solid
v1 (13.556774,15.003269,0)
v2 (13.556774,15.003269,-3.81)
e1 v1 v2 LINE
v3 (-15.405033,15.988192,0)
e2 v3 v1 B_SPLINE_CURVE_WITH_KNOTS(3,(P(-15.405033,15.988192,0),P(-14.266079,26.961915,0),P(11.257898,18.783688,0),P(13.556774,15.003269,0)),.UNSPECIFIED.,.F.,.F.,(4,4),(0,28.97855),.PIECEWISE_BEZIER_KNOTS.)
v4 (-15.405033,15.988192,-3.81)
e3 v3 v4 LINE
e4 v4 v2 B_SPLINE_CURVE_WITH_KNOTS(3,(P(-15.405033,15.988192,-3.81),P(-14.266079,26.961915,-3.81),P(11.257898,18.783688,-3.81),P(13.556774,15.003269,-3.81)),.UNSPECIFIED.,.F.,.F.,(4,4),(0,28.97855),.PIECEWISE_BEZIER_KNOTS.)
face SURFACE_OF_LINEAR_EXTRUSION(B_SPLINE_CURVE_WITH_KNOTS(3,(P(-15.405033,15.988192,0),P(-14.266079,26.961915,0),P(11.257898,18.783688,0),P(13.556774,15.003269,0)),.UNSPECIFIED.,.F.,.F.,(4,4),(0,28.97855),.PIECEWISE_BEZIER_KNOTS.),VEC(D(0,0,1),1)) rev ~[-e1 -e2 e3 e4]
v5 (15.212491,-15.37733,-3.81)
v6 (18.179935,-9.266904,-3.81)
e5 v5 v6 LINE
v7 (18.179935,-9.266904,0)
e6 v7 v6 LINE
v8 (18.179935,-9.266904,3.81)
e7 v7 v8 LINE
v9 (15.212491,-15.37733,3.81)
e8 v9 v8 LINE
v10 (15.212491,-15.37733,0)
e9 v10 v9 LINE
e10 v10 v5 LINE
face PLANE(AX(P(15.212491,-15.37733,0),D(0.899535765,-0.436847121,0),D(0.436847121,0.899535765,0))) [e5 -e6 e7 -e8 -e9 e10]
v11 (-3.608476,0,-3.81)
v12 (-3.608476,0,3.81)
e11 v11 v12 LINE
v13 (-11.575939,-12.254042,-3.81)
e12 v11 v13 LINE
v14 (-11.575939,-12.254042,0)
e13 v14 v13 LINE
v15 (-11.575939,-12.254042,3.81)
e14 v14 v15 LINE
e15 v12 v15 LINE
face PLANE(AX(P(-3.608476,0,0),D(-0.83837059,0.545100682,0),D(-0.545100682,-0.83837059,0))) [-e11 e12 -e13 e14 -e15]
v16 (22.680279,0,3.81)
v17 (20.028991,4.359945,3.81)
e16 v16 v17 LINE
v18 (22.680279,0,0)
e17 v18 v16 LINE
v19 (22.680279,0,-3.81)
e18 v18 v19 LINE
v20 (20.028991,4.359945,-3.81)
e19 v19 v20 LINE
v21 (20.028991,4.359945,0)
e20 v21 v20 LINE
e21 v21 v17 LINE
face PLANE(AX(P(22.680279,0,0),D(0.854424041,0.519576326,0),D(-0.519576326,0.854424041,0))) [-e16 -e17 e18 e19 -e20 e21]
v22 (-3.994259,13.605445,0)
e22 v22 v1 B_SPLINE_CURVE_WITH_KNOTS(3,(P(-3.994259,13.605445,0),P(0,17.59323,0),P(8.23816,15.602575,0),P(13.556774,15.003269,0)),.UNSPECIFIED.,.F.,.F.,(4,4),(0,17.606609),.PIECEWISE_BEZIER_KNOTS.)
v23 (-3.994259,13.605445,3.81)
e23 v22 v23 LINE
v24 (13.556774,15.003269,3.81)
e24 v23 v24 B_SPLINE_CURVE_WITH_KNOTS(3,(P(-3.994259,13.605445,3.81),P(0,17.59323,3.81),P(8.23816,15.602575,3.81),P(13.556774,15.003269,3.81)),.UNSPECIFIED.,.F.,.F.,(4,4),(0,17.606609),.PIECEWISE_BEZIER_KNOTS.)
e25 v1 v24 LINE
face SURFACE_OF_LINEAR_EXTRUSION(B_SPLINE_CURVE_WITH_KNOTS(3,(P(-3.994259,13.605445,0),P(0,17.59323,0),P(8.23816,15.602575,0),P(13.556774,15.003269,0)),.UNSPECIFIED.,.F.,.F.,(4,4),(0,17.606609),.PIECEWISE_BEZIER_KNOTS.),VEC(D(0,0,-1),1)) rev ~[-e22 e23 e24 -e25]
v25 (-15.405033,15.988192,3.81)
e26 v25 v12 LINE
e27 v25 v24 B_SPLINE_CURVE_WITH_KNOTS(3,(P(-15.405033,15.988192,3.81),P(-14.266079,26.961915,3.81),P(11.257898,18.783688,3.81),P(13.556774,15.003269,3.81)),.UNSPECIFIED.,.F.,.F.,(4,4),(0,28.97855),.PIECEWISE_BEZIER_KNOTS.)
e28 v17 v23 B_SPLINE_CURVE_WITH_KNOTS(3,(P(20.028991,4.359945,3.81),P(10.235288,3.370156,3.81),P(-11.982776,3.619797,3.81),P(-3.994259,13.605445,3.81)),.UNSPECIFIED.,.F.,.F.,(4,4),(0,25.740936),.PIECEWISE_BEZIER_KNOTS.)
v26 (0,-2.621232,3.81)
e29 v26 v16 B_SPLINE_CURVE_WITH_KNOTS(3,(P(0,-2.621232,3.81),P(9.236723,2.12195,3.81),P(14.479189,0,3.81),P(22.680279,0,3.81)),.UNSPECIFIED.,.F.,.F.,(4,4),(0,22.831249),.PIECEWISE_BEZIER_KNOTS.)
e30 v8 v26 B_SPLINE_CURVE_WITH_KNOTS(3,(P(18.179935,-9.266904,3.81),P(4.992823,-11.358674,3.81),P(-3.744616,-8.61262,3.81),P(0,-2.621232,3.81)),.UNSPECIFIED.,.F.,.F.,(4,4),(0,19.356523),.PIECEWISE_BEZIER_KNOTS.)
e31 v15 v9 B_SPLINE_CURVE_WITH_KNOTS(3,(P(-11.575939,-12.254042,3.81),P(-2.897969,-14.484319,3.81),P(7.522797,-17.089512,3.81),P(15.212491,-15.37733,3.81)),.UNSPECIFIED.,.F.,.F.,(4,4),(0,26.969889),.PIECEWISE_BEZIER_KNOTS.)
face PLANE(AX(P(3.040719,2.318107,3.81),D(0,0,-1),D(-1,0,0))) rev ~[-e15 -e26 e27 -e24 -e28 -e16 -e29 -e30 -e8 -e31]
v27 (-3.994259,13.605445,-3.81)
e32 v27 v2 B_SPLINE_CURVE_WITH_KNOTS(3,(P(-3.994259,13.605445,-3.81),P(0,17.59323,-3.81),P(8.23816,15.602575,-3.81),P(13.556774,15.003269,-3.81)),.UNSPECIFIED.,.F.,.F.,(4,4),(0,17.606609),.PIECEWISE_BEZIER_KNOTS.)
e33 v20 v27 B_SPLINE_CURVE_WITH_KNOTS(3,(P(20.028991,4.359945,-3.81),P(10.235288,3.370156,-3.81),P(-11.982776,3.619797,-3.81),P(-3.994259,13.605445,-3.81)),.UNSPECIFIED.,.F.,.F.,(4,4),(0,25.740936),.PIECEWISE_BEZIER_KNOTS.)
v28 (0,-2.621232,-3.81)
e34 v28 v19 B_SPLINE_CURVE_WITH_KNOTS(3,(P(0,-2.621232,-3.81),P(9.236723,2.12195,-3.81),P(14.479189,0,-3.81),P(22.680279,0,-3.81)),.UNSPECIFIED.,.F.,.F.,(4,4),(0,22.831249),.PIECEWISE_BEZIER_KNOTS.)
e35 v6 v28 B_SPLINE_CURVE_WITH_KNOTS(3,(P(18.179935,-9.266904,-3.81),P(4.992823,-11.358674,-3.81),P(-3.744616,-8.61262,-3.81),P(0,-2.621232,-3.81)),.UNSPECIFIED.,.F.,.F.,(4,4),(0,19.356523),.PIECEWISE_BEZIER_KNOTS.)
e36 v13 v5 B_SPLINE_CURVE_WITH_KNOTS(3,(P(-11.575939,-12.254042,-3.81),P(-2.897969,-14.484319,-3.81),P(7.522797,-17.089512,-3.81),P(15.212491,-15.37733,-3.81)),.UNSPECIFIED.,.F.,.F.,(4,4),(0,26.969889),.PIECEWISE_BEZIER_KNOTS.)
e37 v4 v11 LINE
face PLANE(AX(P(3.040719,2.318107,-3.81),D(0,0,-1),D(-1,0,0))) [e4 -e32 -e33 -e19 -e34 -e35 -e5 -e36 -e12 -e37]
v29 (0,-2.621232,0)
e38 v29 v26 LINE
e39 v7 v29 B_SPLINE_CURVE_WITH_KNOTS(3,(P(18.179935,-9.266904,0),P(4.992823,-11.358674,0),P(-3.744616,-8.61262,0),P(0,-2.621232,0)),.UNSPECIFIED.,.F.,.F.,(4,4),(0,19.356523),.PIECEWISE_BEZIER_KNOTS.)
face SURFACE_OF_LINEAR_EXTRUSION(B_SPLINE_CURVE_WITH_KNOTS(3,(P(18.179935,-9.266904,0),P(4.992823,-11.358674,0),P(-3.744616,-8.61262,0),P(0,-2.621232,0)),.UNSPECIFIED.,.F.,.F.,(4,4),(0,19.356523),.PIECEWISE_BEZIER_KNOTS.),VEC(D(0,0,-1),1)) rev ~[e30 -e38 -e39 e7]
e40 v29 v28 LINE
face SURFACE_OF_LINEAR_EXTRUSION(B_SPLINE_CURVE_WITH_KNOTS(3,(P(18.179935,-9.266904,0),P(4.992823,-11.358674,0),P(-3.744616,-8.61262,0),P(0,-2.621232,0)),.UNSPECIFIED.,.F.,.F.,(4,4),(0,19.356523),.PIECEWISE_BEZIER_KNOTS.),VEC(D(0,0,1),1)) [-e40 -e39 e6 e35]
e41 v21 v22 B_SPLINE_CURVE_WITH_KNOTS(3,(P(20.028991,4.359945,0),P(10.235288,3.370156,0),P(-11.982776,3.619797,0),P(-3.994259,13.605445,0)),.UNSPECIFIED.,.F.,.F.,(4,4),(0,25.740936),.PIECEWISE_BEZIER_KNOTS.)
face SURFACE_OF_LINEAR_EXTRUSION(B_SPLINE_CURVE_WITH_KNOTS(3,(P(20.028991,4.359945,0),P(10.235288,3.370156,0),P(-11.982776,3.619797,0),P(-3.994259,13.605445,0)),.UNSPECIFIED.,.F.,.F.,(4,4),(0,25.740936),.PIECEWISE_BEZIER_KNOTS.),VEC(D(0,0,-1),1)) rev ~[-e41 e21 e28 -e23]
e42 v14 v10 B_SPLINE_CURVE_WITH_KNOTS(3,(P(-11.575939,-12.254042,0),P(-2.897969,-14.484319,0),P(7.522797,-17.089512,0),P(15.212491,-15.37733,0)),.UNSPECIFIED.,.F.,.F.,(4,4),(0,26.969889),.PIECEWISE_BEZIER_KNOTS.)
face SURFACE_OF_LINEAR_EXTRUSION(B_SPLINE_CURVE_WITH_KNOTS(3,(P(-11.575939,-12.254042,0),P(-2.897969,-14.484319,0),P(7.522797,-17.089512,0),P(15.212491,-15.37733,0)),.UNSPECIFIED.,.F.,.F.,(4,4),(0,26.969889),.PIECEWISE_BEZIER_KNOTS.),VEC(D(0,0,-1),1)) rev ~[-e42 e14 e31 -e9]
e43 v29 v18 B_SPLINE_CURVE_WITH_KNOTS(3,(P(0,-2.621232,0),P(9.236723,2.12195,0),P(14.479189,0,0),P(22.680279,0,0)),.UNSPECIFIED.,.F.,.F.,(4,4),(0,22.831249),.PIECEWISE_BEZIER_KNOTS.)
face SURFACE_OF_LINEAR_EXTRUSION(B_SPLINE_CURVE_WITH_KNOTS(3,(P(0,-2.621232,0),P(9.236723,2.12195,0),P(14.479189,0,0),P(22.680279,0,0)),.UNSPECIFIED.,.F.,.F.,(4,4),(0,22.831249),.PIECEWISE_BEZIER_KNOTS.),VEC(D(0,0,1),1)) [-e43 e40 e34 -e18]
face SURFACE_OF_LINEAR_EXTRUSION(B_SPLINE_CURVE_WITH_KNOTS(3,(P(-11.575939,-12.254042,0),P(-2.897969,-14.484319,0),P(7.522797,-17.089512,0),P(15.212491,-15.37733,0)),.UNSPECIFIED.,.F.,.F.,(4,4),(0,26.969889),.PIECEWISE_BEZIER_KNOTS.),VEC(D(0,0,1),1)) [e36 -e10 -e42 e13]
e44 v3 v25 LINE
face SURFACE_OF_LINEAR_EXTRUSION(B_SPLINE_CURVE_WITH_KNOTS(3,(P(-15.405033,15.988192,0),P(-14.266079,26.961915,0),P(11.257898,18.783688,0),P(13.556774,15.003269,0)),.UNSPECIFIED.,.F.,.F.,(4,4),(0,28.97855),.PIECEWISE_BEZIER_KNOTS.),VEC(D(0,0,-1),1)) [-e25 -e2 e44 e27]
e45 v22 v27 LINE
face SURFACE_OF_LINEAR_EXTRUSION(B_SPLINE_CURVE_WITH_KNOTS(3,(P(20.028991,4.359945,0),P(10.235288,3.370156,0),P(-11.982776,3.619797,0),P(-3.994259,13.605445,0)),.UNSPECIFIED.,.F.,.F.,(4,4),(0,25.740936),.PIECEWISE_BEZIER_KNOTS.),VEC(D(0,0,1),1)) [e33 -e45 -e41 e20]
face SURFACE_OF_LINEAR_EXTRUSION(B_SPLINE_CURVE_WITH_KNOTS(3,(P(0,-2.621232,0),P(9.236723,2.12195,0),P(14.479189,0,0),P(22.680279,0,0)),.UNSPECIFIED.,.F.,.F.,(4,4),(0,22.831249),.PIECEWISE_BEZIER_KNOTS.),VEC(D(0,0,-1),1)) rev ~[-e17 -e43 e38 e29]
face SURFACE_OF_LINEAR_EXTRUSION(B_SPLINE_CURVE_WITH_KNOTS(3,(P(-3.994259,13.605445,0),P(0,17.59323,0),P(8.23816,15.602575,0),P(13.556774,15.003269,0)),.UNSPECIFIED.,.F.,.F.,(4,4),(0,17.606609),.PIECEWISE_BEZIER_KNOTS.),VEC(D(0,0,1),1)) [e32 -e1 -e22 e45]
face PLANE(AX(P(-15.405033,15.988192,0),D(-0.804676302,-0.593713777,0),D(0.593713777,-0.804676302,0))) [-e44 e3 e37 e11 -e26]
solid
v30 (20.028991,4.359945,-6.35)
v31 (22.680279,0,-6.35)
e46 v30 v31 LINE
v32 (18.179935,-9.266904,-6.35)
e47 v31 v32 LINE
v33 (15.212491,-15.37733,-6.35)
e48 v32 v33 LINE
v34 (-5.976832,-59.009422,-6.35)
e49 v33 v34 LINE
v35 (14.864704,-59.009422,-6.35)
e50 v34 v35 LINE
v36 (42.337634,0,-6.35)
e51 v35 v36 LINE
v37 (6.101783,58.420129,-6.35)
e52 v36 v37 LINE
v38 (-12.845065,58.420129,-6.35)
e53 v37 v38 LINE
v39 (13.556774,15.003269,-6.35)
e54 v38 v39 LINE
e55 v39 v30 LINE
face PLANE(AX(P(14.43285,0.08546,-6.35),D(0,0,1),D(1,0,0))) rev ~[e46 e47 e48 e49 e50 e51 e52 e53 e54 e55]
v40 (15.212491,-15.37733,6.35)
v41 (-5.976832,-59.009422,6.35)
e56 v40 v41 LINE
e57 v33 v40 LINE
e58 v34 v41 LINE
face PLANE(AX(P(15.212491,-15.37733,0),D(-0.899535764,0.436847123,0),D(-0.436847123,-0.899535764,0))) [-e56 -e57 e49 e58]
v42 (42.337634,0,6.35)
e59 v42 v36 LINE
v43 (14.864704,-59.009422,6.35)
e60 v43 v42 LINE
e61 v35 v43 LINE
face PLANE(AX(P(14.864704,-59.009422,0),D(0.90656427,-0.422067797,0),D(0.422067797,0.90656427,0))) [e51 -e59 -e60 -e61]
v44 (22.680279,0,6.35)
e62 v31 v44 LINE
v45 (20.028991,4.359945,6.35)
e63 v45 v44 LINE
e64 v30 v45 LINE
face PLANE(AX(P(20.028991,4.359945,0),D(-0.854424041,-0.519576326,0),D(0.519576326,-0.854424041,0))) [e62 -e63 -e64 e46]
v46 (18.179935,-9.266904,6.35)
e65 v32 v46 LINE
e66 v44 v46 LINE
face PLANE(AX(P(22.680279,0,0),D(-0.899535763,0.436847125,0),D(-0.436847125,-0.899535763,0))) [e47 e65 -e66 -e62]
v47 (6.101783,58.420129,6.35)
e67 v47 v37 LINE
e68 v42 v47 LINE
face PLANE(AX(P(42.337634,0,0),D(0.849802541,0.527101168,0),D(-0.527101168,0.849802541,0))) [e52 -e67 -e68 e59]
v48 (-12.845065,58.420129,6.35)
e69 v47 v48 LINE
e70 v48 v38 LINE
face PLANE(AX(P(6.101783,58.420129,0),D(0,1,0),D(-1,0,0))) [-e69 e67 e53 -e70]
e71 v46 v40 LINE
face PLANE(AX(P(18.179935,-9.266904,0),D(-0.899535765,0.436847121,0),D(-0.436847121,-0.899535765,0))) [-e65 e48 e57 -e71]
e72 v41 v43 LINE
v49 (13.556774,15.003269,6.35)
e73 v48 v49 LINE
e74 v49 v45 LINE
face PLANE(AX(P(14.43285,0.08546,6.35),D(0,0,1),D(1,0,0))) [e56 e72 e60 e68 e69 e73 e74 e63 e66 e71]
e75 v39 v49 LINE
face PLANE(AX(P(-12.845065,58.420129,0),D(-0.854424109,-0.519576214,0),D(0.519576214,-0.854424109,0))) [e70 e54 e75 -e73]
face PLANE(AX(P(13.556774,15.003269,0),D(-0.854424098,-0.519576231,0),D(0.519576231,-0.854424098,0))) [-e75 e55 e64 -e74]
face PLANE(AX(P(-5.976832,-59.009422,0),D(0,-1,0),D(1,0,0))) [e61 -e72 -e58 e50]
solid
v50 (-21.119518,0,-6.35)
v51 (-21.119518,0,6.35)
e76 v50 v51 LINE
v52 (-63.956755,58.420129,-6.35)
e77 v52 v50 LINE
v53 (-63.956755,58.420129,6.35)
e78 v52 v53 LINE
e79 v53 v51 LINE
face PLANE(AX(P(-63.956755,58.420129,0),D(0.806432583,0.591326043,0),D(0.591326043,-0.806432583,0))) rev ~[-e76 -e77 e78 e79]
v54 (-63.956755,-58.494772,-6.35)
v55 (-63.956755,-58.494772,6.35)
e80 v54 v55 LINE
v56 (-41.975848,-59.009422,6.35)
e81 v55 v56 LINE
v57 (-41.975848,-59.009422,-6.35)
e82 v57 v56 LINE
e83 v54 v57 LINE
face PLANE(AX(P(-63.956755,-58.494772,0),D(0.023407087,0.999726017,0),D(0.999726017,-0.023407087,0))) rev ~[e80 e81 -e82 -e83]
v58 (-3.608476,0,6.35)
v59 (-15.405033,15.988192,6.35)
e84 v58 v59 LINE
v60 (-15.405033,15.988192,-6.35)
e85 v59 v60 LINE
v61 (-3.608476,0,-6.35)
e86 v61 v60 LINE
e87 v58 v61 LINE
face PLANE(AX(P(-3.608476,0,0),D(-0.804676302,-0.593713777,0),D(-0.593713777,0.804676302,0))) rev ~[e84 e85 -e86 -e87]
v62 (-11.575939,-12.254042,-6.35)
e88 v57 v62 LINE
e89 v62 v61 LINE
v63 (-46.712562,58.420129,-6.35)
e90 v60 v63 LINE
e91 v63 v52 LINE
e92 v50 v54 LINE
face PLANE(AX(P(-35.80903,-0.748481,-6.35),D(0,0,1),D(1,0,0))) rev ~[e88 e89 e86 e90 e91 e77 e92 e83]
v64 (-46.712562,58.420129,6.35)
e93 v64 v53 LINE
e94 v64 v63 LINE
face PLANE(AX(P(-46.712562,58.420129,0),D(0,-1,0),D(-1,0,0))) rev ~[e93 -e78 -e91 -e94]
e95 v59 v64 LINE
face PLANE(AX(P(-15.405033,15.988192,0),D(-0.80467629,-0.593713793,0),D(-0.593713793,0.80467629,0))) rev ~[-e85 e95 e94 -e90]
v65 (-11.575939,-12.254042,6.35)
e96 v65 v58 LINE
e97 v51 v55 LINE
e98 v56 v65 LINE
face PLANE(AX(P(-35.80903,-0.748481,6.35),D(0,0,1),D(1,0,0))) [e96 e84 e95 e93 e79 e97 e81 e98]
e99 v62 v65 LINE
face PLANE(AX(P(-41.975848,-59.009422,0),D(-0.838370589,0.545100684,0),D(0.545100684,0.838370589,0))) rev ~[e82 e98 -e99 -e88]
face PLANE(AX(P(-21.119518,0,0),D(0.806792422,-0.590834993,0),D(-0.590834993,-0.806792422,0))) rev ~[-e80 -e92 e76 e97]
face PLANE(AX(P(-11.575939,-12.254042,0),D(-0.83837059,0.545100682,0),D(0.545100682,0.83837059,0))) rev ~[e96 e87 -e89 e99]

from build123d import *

# Parameters (mm, degrees)
F1_DEPTH = 6.35
F2_DEPTH = 3.81


with BuildPart() as f1:
    # F0 (on Top) → F1 (new body, symmetric)
    with BuildSketch(Plane.XY):
        Polygon((-46.712562, 58.420129), (-63.956755, 58.420129), (-21.119518, 0), (-63.956755, -58.494772), (-41.975848, -59.009422), (-11.575939, -12.254042), (-3.608476, 0), (-15.405033, 15.988192), align=None)
        Polygon((-12.845065, 58.420129), (13.556774, 15.003269), (20.028991, 4.359945), (22.680279, 0), (18.179935, -9.266904), (15.212491, -15.37733), (-5.976832, -59.009422), (14.864704, -59.009422), (42.337634, 0), (6.101783, 58.420129), align=None)
    extrude(amount=F1_DEPTH, both=True)


with BuildPart() as f2:
    # F0 (on Top) → F2 (new body, symmetric)
    with BuildSketch(Plane.XY):
        with BuildLine():
            add(Edge.make_bspline(
                [(-15.405033, 15.988192), (-14.266079, 26.961915), (11.257898, 18.783688), (13.556774, 15.003269)],
                knots=[0, 0, 0, 0, 28.97855, 28.97855, 28.97855, 28.97855], degree=3))
            Line((-15.405033, 15.988192), (-3.608476, 0))
            Line((-3.608476, 0), (-11.575939, -12.254042))
            add(Edge.make_bspline(
                [(-11.575939, -12.254042), (-2.897969, -14.484319), (7.522797, -17.089512), (15.212491, -15.37733)],
                knots=[0, 0, 0, 0, 26.969889, 26.969889, 26.969889, 26.969889], degree=3))
            Line((15.212491, -15.37733), (18.179935, -9.266904))
            add(Edge.make_bspline(
                [(18.179935, -9.266904), (4.992823, -11.358674), (-3.744616, -8.61262), (0, -2.621232)],
                knots=[0, 0, 0, 0, 19.356523, 19.356523, 19.356523, 19.356523], degree=3))
            add(Edge.make_bspline(
                [(0, -2.621232), (9.236723, 2.12195), (14.479189, 0), (22.680279, 0)],
                knots=[0, 0, 0, 0, 22.831249, 22.831249, 22.831249, 22.831249], degree=3))
            Line((22.680279, 0), (20.028991, 4.359945))
            add(Edge.make_bspline(
                [(20.028991, 4.359945), (10.235288, 3.370156), (-11.982776, 3.619797), (-3.994259, 13.605445)],
                knots=[0, 0, 0, 0, 25.740936, 25.740936, 25.740936, 25.740936], degree=3))
            add(Edge.make_bspline(
                [(-3.994259, 13.605445), (0, 17.59323), (8.23816, 15.602575), (13.556774, 15.003269)],
                knots=[0, 0, 0, 0, 17.606609, 17.606609, 17.606609, 17.606609], degree=3))
        make_face()
    extrude(amount=F2_DEPTH, both=True)


solid = Compound([f1.part, f2.part])
